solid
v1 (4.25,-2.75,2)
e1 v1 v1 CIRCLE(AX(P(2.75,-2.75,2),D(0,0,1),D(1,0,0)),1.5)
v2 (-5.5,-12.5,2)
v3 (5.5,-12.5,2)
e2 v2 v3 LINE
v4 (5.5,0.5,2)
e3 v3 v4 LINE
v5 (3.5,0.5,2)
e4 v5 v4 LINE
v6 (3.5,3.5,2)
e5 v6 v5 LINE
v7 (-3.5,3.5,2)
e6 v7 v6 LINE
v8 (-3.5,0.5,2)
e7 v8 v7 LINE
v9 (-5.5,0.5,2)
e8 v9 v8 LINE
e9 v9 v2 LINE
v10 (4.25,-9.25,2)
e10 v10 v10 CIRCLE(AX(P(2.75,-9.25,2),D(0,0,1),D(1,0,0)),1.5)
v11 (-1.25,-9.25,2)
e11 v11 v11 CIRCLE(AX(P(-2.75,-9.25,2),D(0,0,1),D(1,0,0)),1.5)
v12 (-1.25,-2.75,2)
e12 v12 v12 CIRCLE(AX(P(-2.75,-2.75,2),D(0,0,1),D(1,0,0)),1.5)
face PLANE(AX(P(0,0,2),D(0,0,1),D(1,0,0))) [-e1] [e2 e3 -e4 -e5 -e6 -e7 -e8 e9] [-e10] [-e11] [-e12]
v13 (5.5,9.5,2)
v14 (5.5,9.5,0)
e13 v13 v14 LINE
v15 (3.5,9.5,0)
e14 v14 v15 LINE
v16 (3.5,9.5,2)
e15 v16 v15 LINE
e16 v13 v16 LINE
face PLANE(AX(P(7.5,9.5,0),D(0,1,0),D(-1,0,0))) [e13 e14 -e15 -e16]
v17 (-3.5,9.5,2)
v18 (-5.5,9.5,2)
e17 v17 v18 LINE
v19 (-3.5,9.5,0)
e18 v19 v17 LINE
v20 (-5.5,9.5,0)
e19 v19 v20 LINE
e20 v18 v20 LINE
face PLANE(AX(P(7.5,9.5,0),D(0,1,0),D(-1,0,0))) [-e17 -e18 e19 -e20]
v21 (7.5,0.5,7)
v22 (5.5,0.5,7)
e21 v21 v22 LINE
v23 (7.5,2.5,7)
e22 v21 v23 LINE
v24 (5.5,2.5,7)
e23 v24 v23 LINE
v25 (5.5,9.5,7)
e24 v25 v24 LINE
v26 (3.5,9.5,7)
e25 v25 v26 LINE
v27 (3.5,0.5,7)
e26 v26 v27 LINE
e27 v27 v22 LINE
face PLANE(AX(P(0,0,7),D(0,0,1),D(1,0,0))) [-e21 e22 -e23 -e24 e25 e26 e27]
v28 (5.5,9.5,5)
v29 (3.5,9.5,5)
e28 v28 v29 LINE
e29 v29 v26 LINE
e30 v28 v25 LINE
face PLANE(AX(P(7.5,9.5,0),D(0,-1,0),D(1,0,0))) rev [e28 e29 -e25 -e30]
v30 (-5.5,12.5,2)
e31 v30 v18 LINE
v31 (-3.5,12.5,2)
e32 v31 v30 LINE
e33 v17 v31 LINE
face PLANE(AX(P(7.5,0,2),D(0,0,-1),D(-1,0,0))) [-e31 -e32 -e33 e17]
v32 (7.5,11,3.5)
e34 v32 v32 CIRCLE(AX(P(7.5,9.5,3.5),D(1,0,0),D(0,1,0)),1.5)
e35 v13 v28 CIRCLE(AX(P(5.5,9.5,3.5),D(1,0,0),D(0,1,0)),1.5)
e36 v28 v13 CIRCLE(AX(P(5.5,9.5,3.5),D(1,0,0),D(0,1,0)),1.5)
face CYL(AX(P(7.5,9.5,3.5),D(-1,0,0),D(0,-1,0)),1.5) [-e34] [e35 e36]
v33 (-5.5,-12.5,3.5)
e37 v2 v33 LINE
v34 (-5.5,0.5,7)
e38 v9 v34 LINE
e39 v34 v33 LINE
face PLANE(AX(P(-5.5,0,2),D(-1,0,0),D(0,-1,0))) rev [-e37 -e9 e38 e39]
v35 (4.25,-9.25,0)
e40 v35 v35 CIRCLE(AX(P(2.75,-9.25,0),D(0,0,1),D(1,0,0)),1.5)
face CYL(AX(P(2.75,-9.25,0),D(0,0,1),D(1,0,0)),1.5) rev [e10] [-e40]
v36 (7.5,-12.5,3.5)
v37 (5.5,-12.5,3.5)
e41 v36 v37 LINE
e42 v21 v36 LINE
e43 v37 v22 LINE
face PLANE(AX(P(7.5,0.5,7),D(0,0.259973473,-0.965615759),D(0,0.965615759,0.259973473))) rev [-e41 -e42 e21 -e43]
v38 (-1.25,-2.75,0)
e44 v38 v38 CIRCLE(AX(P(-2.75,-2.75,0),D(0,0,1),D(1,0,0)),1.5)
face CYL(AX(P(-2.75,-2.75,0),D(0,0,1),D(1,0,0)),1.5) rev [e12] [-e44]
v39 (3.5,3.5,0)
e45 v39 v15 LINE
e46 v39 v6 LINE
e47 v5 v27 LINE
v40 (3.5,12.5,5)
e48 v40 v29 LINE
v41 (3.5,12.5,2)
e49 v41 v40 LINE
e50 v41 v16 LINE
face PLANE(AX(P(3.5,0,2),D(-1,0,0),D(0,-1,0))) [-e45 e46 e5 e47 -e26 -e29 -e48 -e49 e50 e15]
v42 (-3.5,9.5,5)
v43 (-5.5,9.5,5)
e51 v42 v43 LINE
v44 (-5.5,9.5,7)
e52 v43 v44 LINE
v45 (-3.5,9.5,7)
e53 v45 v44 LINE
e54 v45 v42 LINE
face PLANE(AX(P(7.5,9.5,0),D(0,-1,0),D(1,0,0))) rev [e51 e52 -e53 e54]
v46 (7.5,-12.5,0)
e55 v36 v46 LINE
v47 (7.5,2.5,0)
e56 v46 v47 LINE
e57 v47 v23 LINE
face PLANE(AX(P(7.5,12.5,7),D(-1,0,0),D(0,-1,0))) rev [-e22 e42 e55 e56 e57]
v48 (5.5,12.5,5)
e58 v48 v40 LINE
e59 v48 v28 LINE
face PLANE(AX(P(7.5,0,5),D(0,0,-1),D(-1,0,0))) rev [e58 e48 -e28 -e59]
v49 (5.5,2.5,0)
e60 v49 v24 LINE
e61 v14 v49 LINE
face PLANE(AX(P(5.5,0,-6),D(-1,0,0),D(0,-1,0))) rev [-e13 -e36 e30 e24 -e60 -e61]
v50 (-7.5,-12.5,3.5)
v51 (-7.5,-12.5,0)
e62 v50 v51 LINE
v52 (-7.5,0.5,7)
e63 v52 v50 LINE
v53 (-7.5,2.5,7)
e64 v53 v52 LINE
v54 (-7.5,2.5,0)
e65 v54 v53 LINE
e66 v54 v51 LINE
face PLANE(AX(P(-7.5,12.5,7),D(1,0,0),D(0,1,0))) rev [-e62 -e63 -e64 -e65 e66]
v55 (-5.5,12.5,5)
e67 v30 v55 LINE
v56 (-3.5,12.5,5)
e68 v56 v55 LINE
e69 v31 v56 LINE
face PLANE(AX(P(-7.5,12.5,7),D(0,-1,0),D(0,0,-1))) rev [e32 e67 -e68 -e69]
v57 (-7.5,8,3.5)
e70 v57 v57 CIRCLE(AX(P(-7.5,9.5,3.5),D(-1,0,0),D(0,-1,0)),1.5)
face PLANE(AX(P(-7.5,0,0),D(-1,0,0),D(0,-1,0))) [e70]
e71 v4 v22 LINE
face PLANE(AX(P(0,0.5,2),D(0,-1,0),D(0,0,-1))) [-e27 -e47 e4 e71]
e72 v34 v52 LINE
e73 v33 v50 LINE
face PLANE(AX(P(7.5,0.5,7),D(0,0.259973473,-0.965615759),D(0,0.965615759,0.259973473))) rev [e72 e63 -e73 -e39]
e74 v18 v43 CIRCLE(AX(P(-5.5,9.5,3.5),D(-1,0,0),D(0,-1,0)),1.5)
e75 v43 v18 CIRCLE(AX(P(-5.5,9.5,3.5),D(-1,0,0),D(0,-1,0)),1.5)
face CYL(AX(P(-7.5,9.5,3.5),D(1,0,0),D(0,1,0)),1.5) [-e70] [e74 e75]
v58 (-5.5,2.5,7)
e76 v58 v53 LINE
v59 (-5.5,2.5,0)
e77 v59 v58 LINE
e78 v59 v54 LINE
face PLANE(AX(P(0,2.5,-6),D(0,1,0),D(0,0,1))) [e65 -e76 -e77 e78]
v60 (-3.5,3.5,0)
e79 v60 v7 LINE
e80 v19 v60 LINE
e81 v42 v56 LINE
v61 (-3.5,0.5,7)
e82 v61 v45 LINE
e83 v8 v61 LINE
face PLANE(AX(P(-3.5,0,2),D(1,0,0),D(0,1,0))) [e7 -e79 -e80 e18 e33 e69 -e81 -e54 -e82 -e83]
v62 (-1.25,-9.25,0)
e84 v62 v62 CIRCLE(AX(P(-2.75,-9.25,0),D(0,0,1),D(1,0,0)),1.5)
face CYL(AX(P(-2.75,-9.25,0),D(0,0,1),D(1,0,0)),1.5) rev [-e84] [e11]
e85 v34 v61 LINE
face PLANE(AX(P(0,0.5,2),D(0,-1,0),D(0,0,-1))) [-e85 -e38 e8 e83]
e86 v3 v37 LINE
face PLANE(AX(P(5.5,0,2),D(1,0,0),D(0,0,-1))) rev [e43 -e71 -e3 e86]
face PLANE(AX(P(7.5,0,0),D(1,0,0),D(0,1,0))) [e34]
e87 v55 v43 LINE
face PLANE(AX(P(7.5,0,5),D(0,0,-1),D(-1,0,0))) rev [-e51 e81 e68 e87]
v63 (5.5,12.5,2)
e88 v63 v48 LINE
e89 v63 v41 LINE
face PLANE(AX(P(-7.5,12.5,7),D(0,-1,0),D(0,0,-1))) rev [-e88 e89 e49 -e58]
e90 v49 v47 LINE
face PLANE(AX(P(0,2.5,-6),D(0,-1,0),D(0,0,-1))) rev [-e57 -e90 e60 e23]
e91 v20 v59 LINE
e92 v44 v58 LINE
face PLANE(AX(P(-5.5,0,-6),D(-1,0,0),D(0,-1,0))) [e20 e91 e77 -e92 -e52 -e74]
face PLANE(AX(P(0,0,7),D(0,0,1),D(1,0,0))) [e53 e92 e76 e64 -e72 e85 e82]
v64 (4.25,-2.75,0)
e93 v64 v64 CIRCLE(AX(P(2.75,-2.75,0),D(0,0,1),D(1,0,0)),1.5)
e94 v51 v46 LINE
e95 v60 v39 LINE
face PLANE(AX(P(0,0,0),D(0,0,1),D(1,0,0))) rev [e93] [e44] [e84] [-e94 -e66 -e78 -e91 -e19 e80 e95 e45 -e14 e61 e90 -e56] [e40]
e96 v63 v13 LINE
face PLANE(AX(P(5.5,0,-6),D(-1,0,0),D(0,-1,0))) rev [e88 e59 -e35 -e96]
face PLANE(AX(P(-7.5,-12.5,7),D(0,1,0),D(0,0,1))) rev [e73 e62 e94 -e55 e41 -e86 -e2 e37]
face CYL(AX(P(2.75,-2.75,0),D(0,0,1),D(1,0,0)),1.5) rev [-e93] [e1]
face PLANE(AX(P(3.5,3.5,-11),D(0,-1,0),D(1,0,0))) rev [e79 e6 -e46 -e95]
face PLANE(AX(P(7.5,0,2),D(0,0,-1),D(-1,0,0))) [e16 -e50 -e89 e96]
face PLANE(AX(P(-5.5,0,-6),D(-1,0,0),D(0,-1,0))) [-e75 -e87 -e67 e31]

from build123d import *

# Parameters (mm, degrees)
SKETCH_1_W          = 15
SKETCH_1_H          = 25
EXTRUDE_1_DEPTH     = 7
CUT_EXTRUDE_1_DEPTH = 5
SKETCH_3_W          = 2
SKETCH_3_H          = 10
CUT_EXTRUDE_2_DEPTH = 13
SKETCH_4_W          = 2
SKETCH_4_H          = 3
CUT_EXTRUDE_3_DEPTH = 20.345542122
SKETCH_5_W          = 7
SKETCH_5_H          = 6
CUT_EXTRUDE_4_DEPTH = 13
SKETCH_6_R          = 1.5
EXTRUDE_2_DEPTH     = 2
EXTRUDE_START       = 2
SKETCH_7_R          = 1.5
EXTRUDE_3_DEPTH     = 2
CUT_EXTRUDE_5_DEPTH = 21.742468513
SKETCH_9_R          = 1.5
CUT_EXTRUDE_6_DEPTH = 16.411035007


with BuildPart() as part:
    # Эскиз1 → Бобышка-Вытянуть1 (new body)
    with BuildSketch(Plane.XY):
        Rectangle(SKETCH_1_W, SKETCH_1_H)
    extrude(amount=EXTRUDE_1_DEPTH)

    # Эскиз2 → Вырез-Вытянуть1 (cut)
    with BuildSketch(Plane.XY.offset(7)):
        Polygon((-3.5, 0.5), (-5.5, 0.5), (-5.5, -12.5), (5.5, -12.5), (5.5, 0.5), (3.5, 0.5), (3.5, 12.5), (-3.5, 12.5), align=None)
    extrude(amount=-CUT_EXTRUDE_1_DEPTH, mode=Mode.SUBTRACT)

    # Эскиз3 → Вырез-Вытянуть2 (cut)
    with BuildSketch(Plane.XY.offset(7)):
        with Locations((-6.5, 7.5)):
            Rectangle(SKETCH_3_W, SKETCH_3_H)
        with Locations((6.5, 7.5)):
            Rectangle(SKETCH_3_W, SKETCH_3_H)
    extrude(amount=-CUT_EXTRUDE_2_DEPTH, mode=Mode.SUBTRACT)

    # Эскиз4 → Вырез-Вытянуть3 (cut, through all)
    with BuildSketch(Plane.ZY.offset(5.5)):
        with Locations((6, 11)):
            Rectangle(SKETCH_4_W, SKETCH_4_H)
        with Locations((1, 11)):
            Rectangle(SKETCH_4_W, SKETCH_4_H)
    extrude(amount=-CUT_EXTRUDE_3_DEPTH, mode=Mode.SUBTRACT)

    # Эскиз5 → Вырез-Вытянуть4 (cut)
    with BuildSketch(Plane.XY.offset(2)):
        with Locations((0, 6.5)):
            Rectangle(SKETCH_5_W, SKETCH_5_H)
    extrude(amount=-CUT_EXTRUDE_4_DEPTH, mode=Mode.SUBTRACT)

    # Эскиз6 → Бобышка-Вытянуть2 (add)
    with BuildSketch(Plane.ZY.offset(5.5)):
        with Locations(Location((3.5, 9.5, 0), (0, 0, 180))):
            Circle(SKETCH_6_R)
    extrude(amount=EXTRUDE_2_DEPTH)

    # Эскиз7 → Бобышка-Вытянуть3 (add)
    with BuildSketch(Plane(origin=(5.5, 0, 0), x_dir=(0, 0, -1), z_dir=(1, 0, 0)).offset(EXTRUDE_START)):
        with Locations((-3.5, 9.5)):
            Circle(SKETCH_7_R)
    extrude(amount=-EXTRUDE_3_DEPTH)

    # Эскиз8 → Вырез-Вытянуть5 (cut, through all)
    with BuildSketch(Plane.ZY.offset(7.5)):
        Polygon((7, 0.5), (3.5, -12.5), (7, -12.5), align=None)
    extrude(amount=-CUT_EXTRUDE_5_DEPTH, mode=Mode.SUBTRACT)

    # Эскиз9 → Вырез-Вытянуть6 (cut, through all)
    with BuildSketch(Plane.XY.offset(2)):
        with Locations((-2.75, -2.75)):
            Circle(SKETCH_9_R)
        with Locations((2.75, -2.75)):
            Circle(SKETCH_9_R)
        with Locations((-2.75, -9.25)):
            Circle(SKETCH_9_R)
        with Locations((2.75, -9.25)):
            Circle(SKETCH_9_R)
    extrude(amount=-CUT_EXTRUDE_6_DEPTH, mode=Mode.SUBTRACT)


solid = part.part
